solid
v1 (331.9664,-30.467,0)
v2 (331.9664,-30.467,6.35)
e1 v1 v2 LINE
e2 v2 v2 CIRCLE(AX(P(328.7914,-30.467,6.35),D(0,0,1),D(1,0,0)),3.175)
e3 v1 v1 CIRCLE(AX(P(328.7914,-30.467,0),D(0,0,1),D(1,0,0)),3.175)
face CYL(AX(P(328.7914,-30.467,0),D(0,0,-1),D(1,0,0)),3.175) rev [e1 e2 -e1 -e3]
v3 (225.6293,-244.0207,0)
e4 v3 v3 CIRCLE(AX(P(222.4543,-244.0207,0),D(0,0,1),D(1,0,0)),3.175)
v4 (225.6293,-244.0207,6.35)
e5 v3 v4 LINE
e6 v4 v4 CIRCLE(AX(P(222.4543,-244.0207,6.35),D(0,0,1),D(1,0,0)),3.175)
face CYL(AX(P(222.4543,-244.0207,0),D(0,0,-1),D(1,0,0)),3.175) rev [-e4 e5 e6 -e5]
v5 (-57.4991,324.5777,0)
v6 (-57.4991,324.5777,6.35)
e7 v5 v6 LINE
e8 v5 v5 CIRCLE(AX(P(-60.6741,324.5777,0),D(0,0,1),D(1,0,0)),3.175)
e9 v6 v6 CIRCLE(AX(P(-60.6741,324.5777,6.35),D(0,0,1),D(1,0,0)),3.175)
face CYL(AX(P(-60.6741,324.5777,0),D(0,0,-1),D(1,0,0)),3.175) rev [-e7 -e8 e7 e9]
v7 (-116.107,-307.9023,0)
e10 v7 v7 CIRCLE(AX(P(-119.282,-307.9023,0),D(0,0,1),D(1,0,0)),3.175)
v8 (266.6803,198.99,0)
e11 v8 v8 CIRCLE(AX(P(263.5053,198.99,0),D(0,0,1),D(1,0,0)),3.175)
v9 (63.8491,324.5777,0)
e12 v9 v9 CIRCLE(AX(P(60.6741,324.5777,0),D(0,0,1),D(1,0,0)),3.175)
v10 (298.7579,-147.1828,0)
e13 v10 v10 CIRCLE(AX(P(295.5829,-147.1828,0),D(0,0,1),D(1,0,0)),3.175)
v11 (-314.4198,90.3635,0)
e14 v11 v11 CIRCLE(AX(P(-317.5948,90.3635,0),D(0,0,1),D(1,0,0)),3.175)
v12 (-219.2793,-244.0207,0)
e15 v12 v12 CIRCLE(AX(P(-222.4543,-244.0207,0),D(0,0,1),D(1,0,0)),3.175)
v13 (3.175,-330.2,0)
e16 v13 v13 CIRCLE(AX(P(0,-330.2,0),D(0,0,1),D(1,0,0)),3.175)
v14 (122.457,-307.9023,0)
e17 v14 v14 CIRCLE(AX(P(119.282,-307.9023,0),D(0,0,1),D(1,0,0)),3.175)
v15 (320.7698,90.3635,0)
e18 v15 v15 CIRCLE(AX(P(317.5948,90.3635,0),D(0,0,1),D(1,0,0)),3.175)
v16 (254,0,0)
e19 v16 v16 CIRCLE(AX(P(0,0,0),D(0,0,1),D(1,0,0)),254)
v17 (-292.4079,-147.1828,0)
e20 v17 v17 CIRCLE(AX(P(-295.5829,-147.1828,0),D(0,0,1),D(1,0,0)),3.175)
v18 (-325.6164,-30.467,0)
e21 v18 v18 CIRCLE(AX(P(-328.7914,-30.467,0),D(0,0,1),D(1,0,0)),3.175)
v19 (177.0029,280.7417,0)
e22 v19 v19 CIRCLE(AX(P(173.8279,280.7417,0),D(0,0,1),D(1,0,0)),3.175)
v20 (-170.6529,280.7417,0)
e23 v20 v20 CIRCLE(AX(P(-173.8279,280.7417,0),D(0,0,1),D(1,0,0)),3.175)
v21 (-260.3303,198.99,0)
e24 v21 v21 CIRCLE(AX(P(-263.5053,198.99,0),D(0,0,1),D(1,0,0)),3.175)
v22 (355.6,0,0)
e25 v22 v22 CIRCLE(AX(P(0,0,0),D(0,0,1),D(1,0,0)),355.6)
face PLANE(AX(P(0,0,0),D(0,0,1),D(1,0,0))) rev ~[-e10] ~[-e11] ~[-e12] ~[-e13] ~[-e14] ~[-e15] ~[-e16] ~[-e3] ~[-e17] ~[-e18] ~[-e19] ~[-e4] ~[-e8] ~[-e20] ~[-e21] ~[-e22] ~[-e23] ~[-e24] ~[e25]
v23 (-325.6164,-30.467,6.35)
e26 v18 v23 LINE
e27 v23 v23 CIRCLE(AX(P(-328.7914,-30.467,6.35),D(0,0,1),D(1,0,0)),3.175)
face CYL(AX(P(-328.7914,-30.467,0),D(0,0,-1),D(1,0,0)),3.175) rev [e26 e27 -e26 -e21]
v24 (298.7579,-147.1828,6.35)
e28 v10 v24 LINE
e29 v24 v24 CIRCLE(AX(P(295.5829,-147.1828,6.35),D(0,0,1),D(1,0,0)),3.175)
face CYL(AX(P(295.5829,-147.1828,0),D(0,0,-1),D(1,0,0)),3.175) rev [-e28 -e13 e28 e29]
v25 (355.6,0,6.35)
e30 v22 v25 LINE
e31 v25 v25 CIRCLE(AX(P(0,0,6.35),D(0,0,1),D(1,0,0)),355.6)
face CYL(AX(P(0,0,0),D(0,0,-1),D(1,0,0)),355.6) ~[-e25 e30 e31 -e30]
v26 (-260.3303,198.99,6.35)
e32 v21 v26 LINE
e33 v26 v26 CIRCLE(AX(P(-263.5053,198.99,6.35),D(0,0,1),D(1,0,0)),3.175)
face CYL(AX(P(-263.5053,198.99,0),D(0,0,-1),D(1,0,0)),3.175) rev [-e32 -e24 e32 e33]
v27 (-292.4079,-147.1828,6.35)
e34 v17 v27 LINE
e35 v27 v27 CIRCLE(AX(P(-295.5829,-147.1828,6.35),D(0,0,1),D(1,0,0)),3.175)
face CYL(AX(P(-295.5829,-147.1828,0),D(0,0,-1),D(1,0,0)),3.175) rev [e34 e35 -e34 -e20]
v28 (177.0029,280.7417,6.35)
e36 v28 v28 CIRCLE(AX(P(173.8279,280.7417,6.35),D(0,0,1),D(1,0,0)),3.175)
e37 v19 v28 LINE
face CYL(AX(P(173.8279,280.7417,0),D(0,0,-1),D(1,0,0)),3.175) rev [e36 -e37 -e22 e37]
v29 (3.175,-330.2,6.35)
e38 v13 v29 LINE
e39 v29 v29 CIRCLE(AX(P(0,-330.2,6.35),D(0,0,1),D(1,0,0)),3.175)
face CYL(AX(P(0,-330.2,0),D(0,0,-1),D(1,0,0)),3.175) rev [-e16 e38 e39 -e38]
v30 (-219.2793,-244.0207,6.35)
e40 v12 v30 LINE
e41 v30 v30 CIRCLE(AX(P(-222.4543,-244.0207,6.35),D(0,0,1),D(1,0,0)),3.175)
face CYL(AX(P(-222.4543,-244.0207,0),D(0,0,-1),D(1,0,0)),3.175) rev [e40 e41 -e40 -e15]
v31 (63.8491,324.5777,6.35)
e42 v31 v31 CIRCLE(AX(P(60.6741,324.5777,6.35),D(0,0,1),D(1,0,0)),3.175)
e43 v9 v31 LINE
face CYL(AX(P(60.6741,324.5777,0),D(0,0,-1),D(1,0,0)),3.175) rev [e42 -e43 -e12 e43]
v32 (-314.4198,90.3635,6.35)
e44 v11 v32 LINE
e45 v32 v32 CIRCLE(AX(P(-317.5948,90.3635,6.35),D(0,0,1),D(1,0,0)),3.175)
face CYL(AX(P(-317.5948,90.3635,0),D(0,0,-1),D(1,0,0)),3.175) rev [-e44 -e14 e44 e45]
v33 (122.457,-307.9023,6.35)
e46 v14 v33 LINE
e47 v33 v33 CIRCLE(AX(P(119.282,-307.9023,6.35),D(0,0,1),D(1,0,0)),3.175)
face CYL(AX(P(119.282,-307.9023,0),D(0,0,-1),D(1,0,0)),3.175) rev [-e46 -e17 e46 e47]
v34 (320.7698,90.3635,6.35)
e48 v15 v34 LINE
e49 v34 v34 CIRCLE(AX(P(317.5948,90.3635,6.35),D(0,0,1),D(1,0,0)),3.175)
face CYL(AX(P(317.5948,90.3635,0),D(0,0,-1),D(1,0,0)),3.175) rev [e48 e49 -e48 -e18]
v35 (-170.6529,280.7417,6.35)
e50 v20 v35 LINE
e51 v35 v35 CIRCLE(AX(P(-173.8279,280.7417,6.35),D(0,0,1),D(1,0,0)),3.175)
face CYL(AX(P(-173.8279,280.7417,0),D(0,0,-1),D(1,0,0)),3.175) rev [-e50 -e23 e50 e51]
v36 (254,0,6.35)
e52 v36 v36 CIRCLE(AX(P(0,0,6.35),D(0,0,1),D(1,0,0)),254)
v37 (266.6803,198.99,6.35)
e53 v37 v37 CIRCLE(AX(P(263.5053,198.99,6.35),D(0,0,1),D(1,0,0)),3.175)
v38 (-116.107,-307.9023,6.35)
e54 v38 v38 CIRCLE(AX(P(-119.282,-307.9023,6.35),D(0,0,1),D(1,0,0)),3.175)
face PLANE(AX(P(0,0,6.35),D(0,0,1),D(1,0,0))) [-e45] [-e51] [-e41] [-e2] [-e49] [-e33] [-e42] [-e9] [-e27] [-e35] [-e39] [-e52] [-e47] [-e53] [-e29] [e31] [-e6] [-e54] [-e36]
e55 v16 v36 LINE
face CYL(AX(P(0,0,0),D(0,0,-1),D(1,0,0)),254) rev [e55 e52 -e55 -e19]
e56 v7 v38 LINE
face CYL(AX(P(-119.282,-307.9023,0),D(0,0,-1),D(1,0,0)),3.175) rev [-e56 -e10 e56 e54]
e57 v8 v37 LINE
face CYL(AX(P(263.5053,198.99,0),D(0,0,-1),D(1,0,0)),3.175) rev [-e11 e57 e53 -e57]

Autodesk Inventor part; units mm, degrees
ref_plane "YZ Plane" through (0, 0, 0) normal (1, 0, 0) x (0, 1, 0)
ref_plane "XZ Plane" through (0, 0, 0) normal (0, 1, 0) x (-1, 0, 0)
ref_plane "XY Plane" through (0, 0, 0) normal (0, 0, 1) x (1, 0, 0)
sketch "Sketch1" plane through (0, 0, 0) normal (0, 0, 1) x (1, 0, 0)
  circle A0 centre (0, 0) radius 355.6
  circle A1 centre (0, 0) radius 254
  circle A2 centre (0, -330.2) radius 3.175
  circle A3 centre (119.282, -307.9023) radius 3.175
  circle A4 centre (222.4543, -244.0207) radius 3.175
  circle A5 centre (295.5829, -147.1828) radius 3.175
  circle A6 centre (328.7914, -30.467) radius 3.175
  circle A7 centre (317.5948, 90.3635) radius 3.175
  circle A8 centre (263.5053, 198.99) radius 3.175
  circle A9 centre (173.8279, 280.7417) radius 3.175
  circle A10 centre (60.6741, 324.5777) radius 3.175
  circle A11 centre (-60.6741, 324.5777) radius 3.175
  circle A12 centre (-173.8279, 280.7417) radius 3.175
  circle A13 centre (-263.5053, 198.99) radius 3.175
  circle A14 centre (-317.5948, 90.3635) radius 3.175
  circle A15 centre (-328.7914, -30.467) radius 3.175
  circle A16 centre (-295.5829, -147.1828) radius 3.175
  circle A17 centre (-222.4543, -244.0207) radius 3.175
  circle A18 centre (-119.282, -307.9023) radius 3.175
  dimension "d0" = 711.2
  dimension "d1" = 508
  dimension "d3" = 6.35
  dimension "d6" = 360
extrude "Extrusion1" add sketch "Sketch1" along normal blind 6.35
properties part number "back layer of front"
